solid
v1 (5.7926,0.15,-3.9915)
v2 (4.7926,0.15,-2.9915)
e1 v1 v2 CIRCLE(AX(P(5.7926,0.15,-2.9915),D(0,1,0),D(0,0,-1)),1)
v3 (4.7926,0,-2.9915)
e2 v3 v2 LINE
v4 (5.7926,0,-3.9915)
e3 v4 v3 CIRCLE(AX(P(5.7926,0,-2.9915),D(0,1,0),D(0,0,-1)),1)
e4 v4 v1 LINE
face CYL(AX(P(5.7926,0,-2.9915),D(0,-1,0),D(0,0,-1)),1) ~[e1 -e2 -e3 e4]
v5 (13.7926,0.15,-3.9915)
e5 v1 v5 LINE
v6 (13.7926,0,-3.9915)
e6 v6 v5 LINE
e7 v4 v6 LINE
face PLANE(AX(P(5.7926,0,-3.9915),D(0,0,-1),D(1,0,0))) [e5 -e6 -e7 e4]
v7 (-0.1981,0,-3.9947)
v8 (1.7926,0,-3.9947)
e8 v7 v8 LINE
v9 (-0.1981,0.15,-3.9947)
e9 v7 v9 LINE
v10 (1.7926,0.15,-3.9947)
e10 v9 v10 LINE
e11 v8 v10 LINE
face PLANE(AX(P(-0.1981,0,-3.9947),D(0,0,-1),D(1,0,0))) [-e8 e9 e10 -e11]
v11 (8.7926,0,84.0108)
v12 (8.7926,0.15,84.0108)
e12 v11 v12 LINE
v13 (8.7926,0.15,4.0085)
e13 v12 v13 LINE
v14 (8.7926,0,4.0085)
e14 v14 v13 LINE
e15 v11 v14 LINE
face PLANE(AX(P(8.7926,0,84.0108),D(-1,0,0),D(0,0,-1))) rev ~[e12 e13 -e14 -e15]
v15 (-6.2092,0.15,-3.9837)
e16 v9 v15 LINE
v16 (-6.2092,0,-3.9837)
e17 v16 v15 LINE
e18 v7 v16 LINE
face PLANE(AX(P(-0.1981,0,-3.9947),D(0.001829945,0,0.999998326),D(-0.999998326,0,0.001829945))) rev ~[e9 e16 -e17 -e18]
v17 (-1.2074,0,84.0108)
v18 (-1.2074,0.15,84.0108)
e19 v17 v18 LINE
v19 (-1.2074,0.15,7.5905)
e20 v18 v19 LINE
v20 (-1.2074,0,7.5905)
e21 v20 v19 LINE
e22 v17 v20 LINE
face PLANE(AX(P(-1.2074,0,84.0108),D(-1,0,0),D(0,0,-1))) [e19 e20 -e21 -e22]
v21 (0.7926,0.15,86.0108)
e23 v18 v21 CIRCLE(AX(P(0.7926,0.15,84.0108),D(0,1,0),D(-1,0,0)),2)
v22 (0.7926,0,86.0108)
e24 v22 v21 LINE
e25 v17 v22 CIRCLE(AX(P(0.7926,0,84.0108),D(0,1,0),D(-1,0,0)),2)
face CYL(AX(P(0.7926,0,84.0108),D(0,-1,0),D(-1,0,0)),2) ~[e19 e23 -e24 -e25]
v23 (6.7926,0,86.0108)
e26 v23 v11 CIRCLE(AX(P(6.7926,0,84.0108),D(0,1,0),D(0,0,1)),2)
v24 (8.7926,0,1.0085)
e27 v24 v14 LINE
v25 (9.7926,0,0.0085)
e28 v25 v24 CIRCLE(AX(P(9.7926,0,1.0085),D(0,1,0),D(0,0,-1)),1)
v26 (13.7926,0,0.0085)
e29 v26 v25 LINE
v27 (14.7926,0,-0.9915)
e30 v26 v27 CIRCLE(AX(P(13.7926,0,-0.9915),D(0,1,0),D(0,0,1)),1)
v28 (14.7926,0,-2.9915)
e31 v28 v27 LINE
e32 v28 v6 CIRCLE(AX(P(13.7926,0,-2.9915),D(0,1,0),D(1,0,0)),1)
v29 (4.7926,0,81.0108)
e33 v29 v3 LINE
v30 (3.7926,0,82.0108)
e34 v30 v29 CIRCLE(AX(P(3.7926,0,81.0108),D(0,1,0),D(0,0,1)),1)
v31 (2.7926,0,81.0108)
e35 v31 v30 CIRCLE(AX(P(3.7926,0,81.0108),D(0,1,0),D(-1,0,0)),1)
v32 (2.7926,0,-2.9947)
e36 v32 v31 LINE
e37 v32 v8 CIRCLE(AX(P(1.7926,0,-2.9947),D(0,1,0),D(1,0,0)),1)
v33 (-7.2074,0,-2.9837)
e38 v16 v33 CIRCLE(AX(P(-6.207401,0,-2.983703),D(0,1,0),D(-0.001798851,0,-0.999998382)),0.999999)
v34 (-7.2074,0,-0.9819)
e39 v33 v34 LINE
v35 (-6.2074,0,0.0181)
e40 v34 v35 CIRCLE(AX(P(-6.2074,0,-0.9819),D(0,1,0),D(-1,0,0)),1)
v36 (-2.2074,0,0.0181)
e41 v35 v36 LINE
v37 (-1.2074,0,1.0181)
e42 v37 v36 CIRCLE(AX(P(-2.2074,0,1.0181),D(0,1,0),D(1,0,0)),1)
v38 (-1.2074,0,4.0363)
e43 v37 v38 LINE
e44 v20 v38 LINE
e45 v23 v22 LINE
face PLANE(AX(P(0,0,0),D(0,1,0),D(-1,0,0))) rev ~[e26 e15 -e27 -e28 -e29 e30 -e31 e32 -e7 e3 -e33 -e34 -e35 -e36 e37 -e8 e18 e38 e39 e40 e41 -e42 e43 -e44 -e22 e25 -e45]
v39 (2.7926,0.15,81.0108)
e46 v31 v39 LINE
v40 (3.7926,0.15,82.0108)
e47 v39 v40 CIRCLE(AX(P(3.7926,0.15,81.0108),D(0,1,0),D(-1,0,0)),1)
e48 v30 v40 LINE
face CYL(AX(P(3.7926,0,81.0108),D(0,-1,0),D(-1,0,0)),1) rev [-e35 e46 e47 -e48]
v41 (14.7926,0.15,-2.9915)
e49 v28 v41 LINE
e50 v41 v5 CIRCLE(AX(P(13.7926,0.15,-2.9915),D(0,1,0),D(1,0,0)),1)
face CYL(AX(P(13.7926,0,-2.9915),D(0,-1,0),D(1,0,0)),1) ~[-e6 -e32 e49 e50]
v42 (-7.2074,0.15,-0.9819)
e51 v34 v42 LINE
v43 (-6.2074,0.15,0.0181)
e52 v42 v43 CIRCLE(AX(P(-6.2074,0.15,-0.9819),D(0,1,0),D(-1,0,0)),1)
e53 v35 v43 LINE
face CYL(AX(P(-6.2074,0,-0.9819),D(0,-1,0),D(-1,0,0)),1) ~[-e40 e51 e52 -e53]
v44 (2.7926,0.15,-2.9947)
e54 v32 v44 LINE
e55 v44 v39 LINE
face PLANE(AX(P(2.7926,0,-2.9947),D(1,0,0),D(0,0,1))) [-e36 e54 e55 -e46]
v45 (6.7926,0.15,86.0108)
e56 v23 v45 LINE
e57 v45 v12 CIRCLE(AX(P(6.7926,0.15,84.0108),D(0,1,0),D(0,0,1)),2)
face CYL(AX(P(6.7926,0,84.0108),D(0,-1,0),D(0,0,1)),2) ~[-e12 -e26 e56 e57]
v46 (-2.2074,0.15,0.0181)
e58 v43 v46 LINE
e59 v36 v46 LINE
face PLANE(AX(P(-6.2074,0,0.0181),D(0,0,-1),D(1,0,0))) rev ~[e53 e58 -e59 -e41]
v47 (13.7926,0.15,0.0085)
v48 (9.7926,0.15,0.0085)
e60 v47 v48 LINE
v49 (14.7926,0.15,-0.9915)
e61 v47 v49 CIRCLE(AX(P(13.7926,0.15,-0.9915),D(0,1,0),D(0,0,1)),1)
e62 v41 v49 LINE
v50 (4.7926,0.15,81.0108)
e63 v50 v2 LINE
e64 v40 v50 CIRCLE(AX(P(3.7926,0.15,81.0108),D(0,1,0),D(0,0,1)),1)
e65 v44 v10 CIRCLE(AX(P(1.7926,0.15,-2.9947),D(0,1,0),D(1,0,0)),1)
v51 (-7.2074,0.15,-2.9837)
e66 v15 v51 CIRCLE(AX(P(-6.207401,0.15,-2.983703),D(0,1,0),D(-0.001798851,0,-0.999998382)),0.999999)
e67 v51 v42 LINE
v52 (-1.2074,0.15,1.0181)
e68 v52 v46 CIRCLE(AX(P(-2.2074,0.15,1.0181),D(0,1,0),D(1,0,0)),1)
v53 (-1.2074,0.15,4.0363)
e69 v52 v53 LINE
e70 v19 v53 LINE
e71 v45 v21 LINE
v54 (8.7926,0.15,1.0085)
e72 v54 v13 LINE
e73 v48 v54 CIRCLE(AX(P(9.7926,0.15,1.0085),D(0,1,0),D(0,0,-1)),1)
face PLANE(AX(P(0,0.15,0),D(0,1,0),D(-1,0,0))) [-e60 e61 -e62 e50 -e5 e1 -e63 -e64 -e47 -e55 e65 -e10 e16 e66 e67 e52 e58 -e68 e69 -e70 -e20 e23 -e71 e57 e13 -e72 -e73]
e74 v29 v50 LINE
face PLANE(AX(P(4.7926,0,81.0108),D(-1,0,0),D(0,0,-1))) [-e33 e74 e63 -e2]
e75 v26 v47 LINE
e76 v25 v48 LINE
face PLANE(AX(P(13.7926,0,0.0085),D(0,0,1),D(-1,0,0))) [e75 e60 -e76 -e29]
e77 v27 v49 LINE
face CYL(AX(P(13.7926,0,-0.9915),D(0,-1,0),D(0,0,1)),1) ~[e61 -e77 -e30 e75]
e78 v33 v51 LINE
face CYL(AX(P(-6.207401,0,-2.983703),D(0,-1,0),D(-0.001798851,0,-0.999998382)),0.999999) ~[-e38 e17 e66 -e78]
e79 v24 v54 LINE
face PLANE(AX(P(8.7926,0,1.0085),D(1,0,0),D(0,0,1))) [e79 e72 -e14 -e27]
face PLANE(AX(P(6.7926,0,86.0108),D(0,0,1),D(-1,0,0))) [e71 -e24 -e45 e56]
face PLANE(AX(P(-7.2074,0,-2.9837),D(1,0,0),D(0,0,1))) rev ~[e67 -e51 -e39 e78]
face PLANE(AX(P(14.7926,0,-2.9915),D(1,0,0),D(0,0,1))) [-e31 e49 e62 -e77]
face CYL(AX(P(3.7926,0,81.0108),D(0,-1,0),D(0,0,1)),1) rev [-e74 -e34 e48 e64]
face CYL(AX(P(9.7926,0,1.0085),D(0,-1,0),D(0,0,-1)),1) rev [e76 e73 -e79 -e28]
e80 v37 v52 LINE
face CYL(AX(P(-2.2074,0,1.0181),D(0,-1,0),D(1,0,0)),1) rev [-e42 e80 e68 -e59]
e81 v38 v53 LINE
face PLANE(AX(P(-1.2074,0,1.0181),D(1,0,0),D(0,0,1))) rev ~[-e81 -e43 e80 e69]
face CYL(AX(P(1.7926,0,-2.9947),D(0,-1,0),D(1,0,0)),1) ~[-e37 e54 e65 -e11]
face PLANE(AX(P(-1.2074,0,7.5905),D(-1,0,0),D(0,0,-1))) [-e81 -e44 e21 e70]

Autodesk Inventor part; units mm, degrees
ref_plane "YZ Plane" through (0, 0, 0) normal (1, 0, 0) x (0, 1, 0)
ref_plane "XZ Plane" through (0, 0, 0) normal (0, 1, 0) x (-1, 0, 0)
ref_plane "XY Plane" through (0, 0, 0) normal (0, 0, 1) x (1, 0, 0)
sketch "Sketch1" plane through (0, 0, 0) normal (0, 1, 0) x (-1, 0, 0)
  line L0 (0.1981, -3.9947) -> (-1.7926, -3.9947)
  line L1 (-5.7926, -3.9915) -> (-13.7926, -3.9915)
  line L2 (0.1981, -3.9947) -> (6.2092, -3.9837)
  line L3 (-4.7926, 81.0108) -> (-4.7926, -2.9915)
  line L4 (-2.7926, -2.9947) -> (-2.7926, 81.0108)
  line L5 (-3.7926, 82.0108) -> (-3.7926, 82.0108)
  line L6 (-8.7926, 84.0108) -> (-8.7926, 4.0085)
  line L7 (-6.7926, 86.0108) -> (-0.7926, 86.0108)
  line L8 (1.2074, 84.0108) -> (1.2074, 4.0363)
  arc A0 (-6.7926, 86.0108) -> (-8.7926, 84.0108) centre (-6.7926, 84.0108) ccw
  arc A1 (1.2074, 84.0108) -> (-0.7926, 86.0108) centre (-0.7926, 84.0108) ccw
  line L9 (7.2074, -2.9837) -> (7.2074, -0.9819)
  line L10 (6.2074, 0.0181) -> (2.2074, 0.0181)
  line L11 (1.2074, 1.0181) -> (1.2074, 7.5905)
  line L12 (-14.7926, -2.9915) -> (-14.7926, -0.9915)
  line L13 (-13.7926, 0.0085) -> (-9.7926, 0.0085)
  line L14 (-8.7926, 1.0085) -> (-8.7926, 4.0085)
  arc A2 (-9.7926, 0.0085) -> (-8.7926, 1.0085) centre (-9.7926, 1.0085) ccw
  arc A3 (-13.7926, 0.0085) -> (-14.7926, -0.9915) centre (-13.7926, -0.9915) ccw
  arc A4 (-14.7926, -2.9915) -> (-13.7926, -3.9915) centre (-13.7926, -2.9915) ccw
  arc A5 (-5.7926, -3.9915) -> (-4.7926, -2.9915) centre (-5.7926, -2.9915) ccw
  arc A6 (-2.7926, -2.9947) -> (-1.7926, -3.9947) centre (-1.7926, -2.9947) ccw
  arc A7 (6.2092, -3.9837) -> (7.2074, -2.9837) centre (6.2074, -2.9837) ccw
  arc A8 (7.2074, -0.9819) -> (6.2074, 0.0181) centre (6.2074, -0.9819) ccw
  arc A9 (1.2074, 1.0181) -> (2.2074, 0.0181) centre (2.2074, 1.0181) ccw
  arc A10 (-3.7926, 82.0108) -> (-4.7926, 81.0108) centre (-3.7926, 81.0108) ccw
  arc A11 (-2.7926, 81.0108) -> (-3.7926, 82.0108) centre (-3.7926, 81.0108) ccw
  point P0 (0, 0)
  point P1 (0.8878, 16.4413)
  point P2 (-2.7926, -3.9947)
  point P3 (3.2037, -3.9892)
  point P4 (-14.7926, -3.9915)
  point P5 (7.2074, -3.9819)
  point P6 (-3.7926, 82.0108)
  point P7 (-3.7926, 86.0108)
  point P8 (7.2074, 0.0181)
  point P9 (-14.7926, 0.0085)
  point P10 (1.2074, 4.0363)
  dimension "d0" = 10
  dimension "d1" = 4
  dimension "d2" = 4
  dimension "d3" = 2
  dimension "d4" = 4
  dimension "d5" = 90
  dimension "d6" = 2
  dimension "d7" = 4
  dimension "d8" = 4
  dimension "d9" = 1
  dimension "d10" = 1
extrude "Extrusion1" add sketch "Sketch1" along normal blind 0.15
properties part number "Lungo"
